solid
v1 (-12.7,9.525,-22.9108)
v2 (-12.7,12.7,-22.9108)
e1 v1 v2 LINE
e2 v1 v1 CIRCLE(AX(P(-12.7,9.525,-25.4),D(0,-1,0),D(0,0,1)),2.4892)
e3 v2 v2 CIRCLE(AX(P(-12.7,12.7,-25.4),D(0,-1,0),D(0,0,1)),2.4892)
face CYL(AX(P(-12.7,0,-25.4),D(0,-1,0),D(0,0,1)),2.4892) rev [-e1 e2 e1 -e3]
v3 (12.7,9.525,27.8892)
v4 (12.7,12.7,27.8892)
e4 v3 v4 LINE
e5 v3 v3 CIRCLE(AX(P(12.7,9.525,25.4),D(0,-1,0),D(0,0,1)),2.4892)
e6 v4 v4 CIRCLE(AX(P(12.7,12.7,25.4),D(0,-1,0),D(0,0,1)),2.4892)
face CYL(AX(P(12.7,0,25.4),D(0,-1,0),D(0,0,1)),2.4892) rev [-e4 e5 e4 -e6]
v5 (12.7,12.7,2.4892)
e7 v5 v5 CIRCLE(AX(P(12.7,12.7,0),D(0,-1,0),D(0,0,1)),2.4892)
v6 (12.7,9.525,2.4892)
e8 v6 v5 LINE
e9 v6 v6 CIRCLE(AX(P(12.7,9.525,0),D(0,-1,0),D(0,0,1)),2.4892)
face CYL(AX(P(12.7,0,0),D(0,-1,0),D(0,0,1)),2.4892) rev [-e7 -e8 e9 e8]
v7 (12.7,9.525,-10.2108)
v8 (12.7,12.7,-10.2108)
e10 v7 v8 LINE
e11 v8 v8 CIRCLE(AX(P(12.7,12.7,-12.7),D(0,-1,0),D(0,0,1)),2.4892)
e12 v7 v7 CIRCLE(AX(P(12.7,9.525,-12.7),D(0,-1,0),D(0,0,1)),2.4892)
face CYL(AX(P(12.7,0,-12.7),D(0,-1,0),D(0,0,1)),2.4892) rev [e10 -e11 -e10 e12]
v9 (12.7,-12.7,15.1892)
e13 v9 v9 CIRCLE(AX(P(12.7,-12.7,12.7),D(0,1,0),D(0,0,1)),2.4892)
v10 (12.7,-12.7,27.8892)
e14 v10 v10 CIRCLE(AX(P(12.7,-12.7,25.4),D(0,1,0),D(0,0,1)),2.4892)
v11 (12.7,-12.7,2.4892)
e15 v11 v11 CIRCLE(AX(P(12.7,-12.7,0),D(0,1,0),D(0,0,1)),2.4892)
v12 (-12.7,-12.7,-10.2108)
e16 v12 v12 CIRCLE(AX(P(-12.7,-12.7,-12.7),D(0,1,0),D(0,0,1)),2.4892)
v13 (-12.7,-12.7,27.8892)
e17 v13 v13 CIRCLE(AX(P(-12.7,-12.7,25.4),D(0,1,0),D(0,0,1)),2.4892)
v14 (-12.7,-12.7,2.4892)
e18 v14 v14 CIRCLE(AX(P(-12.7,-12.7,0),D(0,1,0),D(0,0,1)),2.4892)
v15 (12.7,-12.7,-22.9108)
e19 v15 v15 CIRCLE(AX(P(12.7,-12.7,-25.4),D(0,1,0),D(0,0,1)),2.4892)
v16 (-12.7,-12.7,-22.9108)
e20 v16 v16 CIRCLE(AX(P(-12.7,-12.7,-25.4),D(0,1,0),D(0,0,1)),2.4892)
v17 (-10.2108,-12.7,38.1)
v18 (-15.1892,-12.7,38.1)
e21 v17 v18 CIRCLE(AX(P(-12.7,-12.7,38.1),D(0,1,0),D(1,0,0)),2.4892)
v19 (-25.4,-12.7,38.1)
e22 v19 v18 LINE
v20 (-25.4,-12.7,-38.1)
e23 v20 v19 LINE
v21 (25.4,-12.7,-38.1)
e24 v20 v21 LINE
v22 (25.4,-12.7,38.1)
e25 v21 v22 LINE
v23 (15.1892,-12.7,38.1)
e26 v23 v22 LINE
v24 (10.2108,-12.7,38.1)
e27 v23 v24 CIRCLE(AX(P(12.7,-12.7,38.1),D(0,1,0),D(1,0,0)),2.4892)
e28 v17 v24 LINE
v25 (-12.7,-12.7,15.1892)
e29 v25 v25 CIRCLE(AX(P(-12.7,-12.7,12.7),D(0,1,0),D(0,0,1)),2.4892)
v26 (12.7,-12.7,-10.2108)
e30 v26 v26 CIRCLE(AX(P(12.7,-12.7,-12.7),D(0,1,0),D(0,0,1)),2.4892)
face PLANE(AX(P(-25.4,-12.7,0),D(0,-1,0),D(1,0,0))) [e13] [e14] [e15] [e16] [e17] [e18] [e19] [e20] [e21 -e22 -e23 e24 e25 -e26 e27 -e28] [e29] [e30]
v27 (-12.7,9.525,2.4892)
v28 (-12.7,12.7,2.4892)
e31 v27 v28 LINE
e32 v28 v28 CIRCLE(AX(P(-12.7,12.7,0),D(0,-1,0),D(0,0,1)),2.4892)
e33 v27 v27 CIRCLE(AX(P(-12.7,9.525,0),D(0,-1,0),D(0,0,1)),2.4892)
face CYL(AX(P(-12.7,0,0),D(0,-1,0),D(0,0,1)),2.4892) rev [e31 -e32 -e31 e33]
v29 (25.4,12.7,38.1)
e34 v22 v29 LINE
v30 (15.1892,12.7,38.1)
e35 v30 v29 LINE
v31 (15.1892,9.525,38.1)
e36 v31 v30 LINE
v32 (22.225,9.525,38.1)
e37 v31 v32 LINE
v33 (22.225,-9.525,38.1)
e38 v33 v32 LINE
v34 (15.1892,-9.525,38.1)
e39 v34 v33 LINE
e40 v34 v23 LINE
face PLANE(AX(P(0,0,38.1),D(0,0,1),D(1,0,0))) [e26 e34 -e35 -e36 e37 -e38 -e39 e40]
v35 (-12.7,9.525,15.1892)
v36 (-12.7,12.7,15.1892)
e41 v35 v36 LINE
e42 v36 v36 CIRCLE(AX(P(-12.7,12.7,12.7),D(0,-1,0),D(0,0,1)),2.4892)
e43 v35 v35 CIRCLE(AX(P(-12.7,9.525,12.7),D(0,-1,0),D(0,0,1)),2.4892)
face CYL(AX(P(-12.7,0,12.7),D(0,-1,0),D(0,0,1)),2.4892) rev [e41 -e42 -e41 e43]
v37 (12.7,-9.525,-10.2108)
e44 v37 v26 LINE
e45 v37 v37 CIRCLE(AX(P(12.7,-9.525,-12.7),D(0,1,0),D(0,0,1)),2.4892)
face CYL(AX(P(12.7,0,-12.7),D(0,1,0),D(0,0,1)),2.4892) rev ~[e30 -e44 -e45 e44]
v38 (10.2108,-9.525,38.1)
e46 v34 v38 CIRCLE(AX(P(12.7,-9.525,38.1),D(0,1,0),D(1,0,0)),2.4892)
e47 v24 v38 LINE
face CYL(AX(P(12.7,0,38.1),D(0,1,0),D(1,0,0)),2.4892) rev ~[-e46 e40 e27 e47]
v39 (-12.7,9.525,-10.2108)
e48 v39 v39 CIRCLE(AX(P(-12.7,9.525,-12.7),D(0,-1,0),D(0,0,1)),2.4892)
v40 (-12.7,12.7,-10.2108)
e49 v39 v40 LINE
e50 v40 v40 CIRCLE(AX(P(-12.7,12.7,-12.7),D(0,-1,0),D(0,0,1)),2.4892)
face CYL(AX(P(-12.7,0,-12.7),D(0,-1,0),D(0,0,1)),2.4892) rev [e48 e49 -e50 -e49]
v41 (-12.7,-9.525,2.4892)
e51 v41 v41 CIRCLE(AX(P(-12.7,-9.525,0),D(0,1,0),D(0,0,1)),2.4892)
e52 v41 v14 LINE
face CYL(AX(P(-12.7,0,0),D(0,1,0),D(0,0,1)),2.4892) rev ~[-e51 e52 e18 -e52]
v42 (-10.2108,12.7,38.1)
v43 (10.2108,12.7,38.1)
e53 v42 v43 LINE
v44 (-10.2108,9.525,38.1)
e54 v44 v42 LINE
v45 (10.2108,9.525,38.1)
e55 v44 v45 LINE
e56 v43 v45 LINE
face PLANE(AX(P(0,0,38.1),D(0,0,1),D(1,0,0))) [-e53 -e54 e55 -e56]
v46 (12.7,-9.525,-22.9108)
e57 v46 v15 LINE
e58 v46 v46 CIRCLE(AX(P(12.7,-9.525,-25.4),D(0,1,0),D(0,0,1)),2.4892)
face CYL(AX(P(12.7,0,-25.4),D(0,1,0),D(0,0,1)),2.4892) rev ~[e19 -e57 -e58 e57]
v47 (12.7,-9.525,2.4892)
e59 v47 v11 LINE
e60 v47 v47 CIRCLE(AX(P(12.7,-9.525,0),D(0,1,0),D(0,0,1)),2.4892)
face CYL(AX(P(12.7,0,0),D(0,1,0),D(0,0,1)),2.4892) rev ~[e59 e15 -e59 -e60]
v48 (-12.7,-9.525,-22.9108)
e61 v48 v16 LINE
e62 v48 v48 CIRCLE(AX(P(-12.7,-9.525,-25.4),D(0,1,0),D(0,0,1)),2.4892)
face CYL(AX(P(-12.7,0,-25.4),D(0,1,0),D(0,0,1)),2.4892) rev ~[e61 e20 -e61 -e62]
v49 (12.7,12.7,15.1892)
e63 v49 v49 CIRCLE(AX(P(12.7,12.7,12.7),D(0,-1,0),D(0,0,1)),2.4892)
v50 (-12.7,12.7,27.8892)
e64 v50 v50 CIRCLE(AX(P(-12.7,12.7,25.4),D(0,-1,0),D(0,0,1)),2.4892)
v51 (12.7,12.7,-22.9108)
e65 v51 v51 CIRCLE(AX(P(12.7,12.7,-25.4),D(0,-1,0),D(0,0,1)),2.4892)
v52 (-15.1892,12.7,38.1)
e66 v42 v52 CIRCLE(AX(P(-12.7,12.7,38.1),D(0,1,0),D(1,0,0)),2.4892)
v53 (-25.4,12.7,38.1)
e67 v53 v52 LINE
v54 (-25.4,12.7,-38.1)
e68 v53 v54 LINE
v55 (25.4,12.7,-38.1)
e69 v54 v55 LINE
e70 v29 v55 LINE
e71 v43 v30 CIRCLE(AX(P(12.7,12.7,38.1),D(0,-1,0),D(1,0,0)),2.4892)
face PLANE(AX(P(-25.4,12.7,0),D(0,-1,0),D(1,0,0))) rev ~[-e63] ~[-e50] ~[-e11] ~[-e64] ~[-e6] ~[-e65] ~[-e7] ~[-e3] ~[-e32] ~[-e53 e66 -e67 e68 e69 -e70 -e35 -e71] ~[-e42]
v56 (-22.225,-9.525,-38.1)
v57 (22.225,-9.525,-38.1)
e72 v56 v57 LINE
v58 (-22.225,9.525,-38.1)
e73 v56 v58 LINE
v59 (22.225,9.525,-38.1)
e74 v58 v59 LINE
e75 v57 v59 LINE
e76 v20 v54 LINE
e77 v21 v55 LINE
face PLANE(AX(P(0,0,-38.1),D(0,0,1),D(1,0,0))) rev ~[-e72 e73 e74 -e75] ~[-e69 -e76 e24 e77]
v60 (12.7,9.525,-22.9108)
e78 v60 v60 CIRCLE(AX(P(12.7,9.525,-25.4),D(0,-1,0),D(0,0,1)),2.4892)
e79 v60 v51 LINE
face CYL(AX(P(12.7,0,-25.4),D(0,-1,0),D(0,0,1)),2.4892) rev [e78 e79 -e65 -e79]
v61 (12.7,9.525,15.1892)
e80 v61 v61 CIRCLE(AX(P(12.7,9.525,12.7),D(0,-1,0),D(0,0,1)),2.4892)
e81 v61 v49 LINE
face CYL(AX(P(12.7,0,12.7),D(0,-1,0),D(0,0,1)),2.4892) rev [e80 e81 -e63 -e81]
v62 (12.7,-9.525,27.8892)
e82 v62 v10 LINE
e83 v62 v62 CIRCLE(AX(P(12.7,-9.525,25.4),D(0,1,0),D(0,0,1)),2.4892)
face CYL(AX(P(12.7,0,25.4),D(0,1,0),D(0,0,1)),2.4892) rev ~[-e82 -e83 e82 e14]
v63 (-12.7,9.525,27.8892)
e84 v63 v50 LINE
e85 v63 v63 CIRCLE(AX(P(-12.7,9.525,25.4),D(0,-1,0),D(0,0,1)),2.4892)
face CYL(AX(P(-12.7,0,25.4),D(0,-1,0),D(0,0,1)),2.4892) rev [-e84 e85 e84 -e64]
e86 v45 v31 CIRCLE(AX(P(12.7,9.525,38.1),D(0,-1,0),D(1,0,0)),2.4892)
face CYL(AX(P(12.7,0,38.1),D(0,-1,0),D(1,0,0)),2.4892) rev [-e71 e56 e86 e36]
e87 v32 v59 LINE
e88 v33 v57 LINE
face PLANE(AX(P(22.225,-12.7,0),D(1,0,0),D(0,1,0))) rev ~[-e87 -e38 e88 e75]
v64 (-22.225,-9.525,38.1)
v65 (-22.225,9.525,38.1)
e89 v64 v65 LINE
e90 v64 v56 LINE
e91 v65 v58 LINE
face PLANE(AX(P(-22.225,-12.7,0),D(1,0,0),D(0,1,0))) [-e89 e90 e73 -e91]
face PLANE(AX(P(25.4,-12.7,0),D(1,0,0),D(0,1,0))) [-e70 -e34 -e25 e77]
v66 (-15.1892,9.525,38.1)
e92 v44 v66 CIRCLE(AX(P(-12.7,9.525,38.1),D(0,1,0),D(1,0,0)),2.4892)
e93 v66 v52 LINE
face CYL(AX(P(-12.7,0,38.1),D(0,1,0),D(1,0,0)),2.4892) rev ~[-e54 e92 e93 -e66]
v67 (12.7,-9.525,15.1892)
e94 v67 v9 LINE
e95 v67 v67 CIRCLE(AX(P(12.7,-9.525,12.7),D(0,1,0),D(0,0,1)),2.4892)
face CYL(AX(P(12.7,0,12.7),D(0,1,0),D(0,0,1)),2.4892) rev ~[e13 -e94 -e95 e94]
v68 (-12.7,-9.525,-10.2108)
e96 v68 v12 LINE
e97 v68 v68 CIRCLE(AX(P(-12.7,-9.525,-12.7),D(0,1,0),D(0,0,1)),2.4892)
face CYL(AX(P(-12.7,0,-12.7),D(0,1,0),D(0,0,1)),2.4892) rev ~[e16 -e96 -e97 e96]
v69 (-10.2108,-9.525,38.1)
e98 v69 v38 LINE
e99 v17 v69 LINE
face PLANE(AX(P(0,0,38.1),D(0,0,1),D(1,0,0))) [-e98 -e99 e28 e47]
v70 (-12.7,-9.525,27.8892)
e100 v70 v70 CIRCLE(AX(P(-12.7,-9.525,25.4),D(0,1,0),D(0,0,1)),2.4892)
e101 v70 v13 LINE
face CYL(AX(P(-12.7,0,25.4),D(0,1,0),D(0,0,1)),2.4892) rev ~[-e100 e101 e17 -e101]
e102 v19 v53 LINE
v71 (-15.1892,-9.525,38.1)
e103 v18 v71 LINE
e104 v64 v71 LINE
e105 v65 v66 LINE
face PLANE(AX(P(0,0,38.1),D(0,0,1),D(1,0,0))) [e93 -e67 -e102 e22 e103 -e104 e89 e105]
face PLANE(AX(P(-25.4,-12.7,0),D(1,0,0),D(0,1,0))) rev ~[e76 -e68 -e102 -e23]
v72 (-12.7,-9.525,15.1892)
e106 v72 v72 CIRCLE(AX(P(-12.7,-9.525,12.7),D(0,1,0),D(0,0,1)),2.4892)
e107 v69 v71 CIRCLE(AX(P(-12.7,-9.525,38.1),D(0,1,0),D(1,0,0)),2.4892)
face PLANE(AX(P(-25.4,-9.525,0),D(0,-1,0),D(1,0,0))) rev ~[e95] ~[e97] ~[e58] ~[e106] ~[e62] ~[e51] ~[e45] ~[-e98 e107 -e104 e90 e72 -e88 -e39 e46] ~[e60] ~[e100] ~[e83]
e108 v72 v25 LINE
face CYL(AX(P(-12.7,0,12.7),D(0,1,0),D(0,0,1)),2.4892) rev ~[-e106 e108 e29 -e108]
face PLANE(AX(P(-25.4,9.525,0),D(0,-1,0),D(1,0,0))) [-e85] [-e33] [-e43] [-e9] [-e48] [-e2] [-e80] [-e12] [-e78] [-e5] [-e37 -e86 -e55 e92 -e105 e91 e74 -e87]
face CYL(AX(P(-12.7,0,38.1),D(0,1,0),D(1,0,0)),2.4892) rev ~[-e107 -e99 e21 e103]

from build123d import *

# Parameters (mm, degrees)
SKETCH1_W           = 50.8
SKETCH1_H           = 25.4
BOSS_EXTRUDE1_DEPTH = 38.1
SHELL1_T            = -3.175
SKETCH2_R           = 2.4892
CUT_EXTRUDE1_DEPTH  = 63.5


with BuildPart() as part:
    # Sketch1 → Boss-Extrude1 (new, symmetric)
    with BuildSketch(Plane.XY):
        Rectangle(SKETCH1_W, SKETCH1_H)
    extrude(amount=BOSS_EXTRUDE1_DEPTH, both=True)

    # Shell1
    shell1_openings = [part.faces().sort_by_distance(p)[0] for p in [
        (0, 0, 38.1),
        (0, 0, -38.1),
    ]]
    offset(amount=SHELL1_T, openings=shell1_openings, kind=Kind.INTERSECTION)

    # Sketch2 → Cut-Extrude1 (cut, symmetric)
    with BuildSketch(Plane(origin=(0, 0, 0), x_dir=(1, 0, 0), z_dir=(0, 1, 0))):
        with Locations(Location((-12.7, 25.4, 0), (0, 0, 270))):
            Circle(SKETCH2_R)
        with Locations(Location((12.7, 25.4, 0), (0, 0, 270))):
            Circle(SKETCH2_R)
        with Locations(Location((12.7, 12.7, 0), (0, 0, 270))):
            Circle(SKETCH2_R)
        with Locations(Location((12.7, 0, 0), (0, 0, 270))):
            Circle(SKETCH2_R)
        with Locations(Location((12.7, -12.7, 0), (0, 0, 270))):
            Circle(SKETCH2_R)
        with Locations(Location((12.7, -25.4, 0), (0, 0, 270))):
            Circle(SKETCH2_R)
        with Locations((12.7, -38.1)):
            Circle(SKETCH2_R)
        with Locations(Location((-12.7, 12.7, 0), (0, 0, 270))):
            Circle(SKETCH2_R)
        with Locations(Location((-12.7, 0, 0), (0, 0, 270))):
            Circle(SKETCH2_R)
        with Locations(Location((-12.7, -12.7, 0), (0, 0, 270))):
            Circle(SKETCH2_R)
        with Locations(Location((-12.7, -25.4, 0), (0, 0, 270))):
            Circle(SKETCH2_R)
        with Locations((-12.7, -38.1)):
            Circle(SKETCH2_R)
    extrude(amount=CUT_EXTRUDE1_DEPTH, both=True, mode=Mode.SUBTRACT)


solid = part.part
